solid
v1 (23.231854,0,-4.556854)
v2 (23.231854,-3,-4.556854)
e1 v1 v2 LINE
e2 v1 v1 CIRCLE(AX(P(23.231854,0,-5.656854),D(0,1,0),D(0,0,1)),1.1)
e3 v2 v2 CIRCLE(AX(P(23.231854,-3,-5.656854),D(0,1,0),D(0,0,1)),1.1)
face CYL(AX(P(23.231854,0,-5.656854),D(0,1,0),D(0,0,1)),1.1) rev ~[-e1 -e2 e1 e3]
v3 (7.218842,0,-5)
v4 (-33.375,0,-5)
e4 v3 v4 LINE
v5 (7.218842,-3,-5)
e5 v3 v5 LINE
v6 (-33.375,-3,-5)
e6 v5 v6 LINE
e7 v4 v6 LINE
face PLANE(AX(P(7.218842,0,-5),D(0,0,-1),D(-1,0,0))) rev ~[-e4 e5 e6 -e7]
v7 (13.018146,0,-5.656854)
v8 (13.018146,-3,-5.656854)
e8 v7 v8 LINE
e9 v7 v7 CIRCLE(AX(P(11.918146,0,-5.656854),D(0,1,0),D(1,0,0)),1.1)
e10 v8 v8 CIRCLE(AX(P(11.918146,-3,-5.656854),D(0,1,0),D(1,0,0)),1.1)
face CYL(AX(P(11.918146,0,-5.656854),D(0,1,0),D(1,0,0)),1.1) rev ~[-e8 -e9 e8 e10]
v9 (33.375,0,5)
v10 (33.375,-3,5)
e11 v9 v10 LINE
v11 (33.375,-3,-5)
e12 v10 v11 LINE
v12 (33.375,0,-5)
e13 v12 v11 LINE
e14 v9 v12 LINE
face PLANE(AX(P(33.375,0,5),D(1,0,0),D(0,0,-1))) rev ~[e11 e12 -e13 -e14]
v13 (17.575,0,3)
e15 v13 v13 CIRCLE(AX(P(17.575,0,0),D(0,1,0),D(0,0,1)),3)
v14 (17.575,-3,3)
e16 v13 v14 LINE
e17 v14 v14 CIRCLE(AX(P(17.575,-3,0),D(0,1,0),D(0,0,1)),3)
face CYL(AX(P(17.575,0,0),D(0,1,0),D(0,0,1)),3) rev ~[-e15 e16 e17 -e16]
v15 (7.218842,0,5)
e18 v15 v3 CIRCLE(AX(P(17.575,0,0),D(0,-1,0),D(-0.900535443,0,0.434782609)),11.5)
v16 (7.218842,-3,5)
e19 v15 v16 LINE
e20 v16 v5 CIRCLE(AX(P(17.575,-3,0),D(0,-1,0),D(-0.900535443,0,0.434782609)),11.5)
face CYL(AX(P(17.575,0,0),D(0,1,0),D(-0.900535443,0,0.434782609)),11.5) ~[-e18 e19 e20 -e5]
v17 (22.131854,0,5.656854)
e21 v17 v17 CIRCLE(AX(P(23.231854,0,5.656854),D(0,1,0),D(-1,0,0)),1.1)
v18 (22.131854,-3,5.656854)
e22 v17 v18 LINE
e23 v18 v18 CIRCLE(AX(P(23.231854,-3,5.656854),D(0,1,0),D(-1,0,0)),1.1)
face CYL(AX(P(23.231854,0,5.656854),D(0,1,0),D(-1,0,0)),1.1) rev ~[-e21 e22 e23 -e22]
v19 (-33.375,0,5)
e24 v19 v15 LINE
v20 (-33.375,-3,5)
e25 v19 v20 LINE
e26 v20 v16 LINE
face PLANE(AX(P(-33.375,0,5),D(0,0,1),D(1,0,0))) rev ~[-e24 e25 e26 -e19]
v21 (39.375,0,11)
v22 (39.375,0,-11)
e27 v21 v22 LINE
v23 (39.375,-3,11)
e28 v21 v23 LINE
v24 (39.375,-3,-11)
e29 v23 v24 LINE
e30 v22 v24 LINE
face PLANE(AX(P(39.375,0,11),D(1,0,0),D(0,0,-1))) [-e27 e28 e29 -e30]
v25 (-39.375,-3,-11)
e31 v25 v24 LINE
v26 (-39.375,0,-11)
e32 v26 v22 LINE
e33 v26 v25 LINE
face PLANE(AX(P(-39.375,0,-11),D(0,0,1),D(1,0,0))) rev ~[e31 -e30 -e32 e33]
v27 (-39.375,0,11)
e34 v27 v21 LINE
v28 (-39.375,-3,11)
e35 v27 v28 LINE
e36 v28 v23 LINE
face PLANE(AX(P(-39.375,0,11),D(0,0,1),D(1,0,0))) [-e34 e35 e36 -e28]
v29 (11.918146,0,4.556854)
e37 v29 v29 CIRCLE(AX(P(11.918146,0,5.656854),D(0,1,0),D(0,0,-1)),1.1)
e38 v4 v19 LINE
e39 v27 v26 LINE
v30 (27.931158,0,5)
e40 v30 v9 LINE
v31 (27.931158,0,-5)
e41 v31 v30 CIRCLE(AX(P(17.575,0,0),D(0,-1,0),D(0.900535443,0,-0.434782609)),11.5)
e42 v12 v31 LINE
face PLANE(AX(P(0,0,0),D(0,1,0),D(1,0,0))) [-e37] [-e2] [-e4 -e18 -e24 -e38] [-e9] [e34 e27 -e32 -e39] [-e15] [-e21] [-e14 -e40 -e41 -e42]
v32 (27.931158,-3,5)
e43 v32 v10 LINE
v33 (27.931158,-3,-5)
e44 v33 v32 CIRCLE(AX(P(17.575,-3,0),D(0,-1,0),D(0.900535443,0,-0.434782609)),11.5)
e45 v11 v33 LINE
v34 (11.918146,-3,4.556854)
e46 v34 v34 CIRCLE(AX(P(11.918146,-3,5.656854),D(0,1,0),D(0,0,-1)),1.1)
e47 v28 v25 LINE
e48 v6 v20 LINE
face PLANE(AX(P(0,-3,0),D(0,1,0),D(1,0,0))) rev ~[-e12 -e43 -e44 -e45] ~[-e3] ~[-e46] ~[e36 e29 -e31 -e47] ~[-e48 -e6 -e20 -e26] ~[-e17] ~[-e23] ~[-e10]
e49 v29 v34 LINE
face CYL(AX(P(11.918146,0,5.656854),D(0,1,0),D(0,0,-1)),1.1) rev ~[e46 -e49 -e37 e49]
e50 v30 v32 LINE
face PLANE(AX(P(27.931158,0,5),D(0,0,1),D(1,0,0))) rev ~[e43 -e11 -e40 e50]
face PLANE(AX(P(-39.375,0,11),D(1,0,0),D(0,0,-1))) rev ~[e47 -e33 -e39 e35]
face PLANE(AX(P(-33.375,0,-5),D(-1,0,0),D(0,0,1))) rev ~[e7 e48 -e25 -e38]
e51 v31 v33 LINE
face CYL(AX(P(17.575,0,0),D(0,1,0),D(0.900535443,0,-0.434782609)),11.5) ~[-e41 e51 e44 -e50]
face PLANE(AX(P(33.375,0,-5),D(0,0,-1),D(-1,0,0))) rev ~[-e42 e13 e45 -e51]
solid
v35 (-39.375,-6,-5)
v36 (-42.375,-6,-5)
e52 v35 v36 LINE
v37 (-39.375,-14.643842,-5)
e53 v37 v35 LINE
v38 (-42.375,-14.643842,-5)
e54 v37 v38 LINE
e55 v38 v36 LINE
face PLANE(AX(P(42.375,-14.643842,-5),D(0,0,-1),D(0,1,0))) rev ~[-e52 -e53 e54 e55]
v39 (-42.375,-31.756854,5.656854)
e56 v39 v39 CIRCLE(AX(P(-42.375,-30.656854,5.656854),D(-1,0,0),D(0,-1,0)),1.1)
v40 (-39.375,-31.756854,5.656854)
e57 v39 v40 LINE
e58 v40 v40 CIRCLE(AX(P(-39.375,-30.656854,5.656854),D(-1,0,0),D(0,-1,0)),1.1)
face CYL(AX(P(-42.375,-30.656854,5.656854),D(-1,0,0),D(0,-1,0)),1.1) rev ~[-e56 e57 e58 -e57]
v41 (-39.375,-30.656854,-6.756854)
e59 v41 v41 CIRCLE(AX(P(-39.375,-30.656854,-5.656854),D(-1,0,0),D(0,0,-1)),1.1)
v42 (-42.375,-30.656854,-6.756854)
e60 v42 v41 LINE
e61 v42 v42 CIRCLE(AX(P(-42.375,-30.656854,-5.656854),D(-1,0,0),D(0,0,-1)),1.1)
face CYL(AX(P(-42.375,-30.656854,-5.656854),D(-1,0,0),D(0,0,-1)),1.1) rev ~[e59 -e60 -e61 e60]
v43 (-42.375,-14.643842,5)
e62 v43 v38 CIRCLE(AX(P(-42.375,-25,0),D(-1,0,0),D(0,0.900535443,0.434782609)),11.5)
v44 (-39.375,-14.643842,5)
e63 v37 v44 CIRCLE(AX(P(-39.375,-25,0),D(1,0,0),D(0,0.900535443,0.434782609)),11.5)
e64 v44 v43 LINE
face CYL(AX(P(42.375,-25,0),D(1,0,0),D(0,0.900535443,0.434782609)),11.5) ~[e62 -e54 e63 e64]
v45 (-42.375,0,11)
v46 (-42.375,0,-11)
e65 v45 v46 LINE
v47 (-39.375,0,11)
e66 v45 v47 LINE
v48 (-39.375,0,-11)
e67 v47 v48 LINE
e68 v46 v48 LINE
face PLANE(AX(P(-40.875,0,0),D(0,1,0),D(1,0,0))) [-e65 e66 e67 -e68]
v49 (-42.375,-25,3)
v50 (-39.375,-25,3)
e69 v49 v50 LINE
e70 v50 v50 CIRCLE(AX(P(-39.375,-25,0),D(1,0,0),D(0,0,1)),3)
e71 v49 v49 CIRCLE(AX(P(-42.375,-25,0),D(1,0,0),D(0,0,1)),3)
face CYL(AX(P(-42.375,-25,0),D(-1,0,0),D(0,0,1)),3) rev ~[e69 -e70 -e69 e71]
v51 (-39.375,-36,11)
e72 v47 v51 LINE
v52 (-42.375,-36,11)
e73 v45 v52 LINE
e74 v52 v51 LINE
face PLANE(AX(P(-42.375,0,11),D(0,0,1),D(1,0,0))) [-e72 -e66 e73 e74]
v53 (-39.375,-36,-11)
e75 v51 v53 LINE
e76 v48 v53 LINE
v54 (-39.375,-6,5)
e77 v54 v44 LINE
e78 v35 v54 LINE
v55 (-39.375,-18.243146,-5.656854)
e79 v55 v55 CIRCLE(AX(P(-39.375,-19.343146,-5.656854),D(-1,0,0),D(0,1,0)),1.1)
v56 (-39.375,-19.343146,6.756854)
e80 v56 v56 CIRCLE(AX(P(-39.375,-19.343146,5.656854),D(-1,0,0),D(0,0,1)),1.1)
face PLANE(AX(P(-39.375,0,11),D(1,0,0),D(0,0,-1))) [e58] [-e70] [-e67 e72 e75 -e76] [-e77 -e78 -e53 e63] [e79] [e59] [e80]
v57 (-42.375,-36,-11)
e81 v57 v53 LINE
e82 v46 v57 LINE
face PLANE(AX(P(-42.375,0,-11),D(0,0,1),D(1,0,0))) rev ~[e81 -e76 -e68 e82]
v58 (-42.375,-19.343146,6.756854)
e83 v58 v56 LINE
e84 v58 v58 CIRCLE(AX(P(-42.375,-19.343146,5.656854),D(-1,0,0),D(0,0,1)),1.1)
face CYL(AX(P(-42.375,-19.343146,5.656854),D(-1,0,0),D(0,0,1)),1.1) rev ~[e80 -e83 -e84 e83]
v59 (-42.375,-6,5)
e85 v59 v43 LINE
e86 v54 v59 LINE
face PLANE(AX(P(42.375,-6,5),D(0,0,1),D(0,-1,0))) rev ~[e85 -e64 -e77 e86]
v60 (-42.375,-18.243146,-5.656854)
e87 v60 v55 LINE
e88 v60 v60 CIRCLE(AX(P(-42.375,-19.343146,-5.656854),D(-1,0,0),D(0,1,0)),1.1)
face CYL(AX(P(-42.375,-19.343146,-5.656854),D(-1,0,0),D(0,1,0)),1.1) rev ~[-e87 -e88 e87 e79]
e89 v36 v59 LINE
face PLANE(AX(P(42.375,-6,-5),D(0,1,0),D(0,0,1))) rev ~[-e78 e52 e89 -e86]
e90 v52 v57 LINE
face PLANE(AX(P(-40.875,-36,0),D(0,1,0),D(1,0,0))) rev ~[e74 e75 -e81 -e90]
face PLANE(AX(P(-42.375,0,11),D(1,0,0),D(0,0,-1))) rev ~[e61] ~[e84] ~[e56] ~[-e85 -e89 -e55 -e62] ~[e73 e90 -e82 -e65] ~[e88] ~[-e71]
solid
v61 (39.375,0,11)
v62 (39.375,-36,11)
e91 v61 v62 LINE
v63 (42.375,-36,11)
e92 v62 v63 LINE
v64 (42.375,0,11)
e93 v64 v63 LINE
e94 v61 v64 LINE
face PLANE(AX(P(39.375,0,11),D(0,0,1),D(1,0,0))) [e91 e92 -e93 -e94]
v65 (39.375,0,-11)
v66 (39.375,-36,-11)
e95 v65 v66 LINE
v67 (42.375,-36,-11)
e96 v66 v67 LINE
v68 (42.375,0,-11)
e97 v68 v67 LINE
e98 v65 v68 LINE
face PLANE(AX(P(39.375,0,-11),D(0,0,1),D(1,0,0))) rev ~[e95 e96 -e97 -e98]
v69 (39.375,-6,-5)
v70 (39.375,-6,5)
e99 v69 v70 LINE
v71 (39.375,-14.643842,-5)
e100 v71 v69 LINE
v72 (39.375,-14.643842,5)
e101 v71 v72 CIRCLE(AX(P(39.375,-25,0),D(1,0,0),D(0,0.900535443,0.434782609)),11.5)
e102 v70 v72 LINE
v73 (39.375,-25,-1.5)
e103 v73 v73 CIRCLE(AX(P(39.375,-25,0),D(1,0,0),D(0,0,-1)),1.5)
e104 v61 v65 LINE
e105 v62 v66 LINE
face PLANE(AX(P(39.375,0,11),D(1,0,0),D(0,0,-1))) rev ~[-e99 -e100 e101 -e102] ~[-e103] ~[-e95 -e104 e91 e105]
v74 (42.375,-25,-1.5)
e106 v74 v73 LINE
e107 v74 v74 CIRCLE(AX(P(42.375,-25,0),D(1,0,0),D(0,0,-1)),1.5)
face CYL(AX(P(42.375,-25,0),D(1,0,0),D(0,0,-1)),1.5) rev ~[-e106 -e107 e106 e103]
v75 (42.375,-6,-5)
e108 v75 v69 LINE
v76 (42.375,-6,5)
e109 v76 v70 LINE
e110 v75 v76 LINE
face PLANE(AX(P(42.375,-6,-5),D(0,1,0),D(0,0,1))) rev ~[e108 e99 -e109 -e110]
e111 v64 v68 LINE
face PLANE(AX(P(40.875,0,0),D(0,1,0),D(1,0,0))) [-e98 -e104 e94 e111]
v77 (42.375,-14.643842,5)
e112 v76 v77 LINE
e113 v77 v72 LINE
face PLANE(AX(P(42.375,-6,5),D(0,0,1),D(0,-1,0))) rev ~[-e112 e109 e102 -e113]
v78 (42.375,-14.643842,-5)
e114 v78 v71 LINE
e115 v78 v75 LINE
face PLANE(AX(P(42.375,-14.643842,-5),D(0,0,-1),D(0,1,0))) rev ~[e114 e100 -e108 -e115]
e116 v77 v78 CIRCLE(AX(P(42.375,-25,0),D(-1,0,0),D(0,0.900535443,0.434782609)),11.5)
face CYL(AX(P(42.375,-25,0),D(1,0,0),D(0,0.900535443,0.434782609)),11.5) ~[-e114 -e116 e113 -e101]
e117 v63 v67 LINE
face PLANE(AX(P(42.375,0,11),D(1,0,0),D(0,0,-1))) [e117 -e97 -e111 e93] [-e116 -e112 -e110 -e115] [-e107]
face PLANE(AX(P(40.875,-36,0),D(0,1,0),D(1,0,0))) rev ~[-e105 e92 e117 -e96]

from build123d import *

# Parameters (mm, degrees)
SKETCH1_W             = 78.75
SKETCH1_H             = 22
SKETCH1_R             = 3
BOSS_EXTRUDE1_DEPTH   = 3
SKETCH1_3_W           = 3
SKETCH1_3_H           = 22
BOSS_EXTRUDE2_DEPTH   = 36
BOSS_EXTRUDE2_2_DEPTH = 36
SKETCH2_R             = 3
SKETCH2_R_2           = 1.1
CUT_EXTRUDE1_DEPTH    = 3
SKETCH3_R             = 1.5
CUT_EXTRUDE2_DEPTH    = 3
CIRPATTERN1_COUNT     = 4
SKETCH4_R             = 1.1
CUT_EXTRUDE3_DEPTH    = 3
CIRPATTERN2_COUNT     = 4
CUT_EXTRUDE4_START    = -84.75
CUT_EXTRUDE4_DEPTH    = 84.75


with BuildPart() as part:
    # Sketch1 → Boss-Extrude1 (new body)
    with BuildSketch(Plane(origin=(0, 0, 0), x_dir=(1, 0, 0), z_dir=(0, 1, 0))):
        Rectangle(SKETCH1_W, SKETCH1_H)
        with Locations(Location((17.575, 0, 0), (0, 0, 270))):
            Circle(SKETCH1_R, mode=Mode.SUBTRACT)
        with BuildLine():
            Line((33.375, 5), (27.931157589, 5))
            ThreePointArc((27.931157589, 5), (29.075, 0), (27.931157589, -5))
            Line((27.931157589, -5), (33.375, -5))
            Line((33.375, -5), (33.375, 5))
        make_face(mode=Mode.SUBTRACT)
        with BuildLine():
            Line((-33.375, 5), (-33.375, -5))
            Line((-33.375, -5), (7.218842411, -5))
            ThreePointArc((7.218842411, -5), (6.075, 0), (7.218842411, 5))
            Line((7.218842411, 5), (-33.375, 5))
        make_face(mode=Mode.SUBTRACT)
    extrude(amount=-BOSS_EXTRUDE1_DEPTH)

    # Sketch4 → Cut-Extrude3 (cut)
    with BuildSketch(Plane(origin=(0, 0, 0), x_dir=(1, 0, 0), z_dir=(0, 1, 0))):
        with Locations(Location((23.231854249, 5.656854249, 0), (0, 0, 270))):
            Circle(SKETCH4_R)
    cut_extrude3 = extrude(amount=-CUT_EXTRUDE3_DEPTH, mode=Mode.SUBTRACT)

    # CirPattern2: Cut-Extrude3 ×4 about axis
    cirpattern2_axis = Axis((17.575, 0, 0), (0, 1, 0))
    for i in range(1, CIRPATTERN2_COUNT):
        add(cut_extrude3.rotate(cirpattern2_axis, i * 360 / CIRPATTERN2_COUNT), mode=Mode.SUBTRACT)


with BuildPart() as body_2:
    # Sketch1<3> → Boss-Extrude2 (new body)
    with BuildSketch(Plane(origin=(0, 0, 0), x_dir=(1, 0, 0), z_dir=(0, 1, 0))):
        with Locations((-40.875, 0)):
            Rectangle(SKETCH1_3_W, SKETCH1_3_H)
    extrude(amount=-BOSS_EXTRUDE2_DEPTH)

    # Sketch2 → Cut-Extrude1 (cut)
    with BuildSketch(Plane.ZY.offset(42.375)):
        with Locations((0, -25)):
            Circle(SKETCH2_R)
        with Locations((5.656854249, -19.343145751)):
            Circle(SKETCH2_R_2)
    cut_extrude1 = extrude(amount=-CUT_EXTRUDE1_DEPTH, mode=Mode.SUBTRACT)

    # CirPattern1: Cut-Extrude1 ×4 about axis
    cirpattern1_axis = Axis((0, -25, 0), (1, 0, 0))
    for i in range(1, CIRPATTERN1_COUNT):
        add(cut_extrude1.rotate(cirpattern1_axis, i * 360 / CIRPATTERN1_COUNT), mode=Mode.SUBTRACT)


with BuildPart() as body_3:
    # Sketch1<3> → Boss-Extrude2 2 (new body)
    with BuildSketch(Plane(origin=(0, 0, 0), x_dir=(1, 0, 0), z_dir=(0, 1, 0))):
        with Locations((40.875, 0)):
            Rectangle(SKETCH1_3_W, SKETCH1_3_H)
    extrude(amount=-BOSS_EXTRUDE2_2_DEPTH)

    # Sketch3 → Cut-Extrude2 (cut)
    with BuildSketch(Plane(origin=(42.375, 0, 0), x_dir=(0, 0, -1), z_dir=(1, 0, 0))):
        with Locations((0, -25)):
            Circle(SKETCH3_R)
    extrude(amount=-CUT_EXTRUDE2_DEPTH, mode=Mode.SUBTRACT)


with BuildPart() as cut_extrude4_tool:
    # Sketch5 → Cut-Extrude4 (new body)
    with BuildSketch(Plane.ZY.offset(42.375).offset(CUT_EXTRUDE4_START)):
        with BuildLine():
            Line((-5, -14.643842411), (-5, -6))
            Line((-5, -6), (5, -6))
            Line((5, -6), (5, -14.643842411))
            ThreePointArc((5, -14.643842411), (0, -13.5), (-5, -14.643842411))
        make_face()
    extrude(amount=CUT_EXTRUDE4_DEPTH)


with BuildPart() as body_2_1:
    add(body_2.part)

    # Cut-Extrude4: cut by cut_extrude4_tool
    add(cut_extrude4_tool.part, mode=Mode.SUBTRACT)


with BuildPart() as body_3_1:
    add(body_3.part)

    # Cut-Extrude4: cut by cut_extrude4_tool
    add(cut_extrude4_tool.part, mode=Mode.SUBTRACT)


solid = Compound([part.part, body_2_1.part, body_3_1.part])
